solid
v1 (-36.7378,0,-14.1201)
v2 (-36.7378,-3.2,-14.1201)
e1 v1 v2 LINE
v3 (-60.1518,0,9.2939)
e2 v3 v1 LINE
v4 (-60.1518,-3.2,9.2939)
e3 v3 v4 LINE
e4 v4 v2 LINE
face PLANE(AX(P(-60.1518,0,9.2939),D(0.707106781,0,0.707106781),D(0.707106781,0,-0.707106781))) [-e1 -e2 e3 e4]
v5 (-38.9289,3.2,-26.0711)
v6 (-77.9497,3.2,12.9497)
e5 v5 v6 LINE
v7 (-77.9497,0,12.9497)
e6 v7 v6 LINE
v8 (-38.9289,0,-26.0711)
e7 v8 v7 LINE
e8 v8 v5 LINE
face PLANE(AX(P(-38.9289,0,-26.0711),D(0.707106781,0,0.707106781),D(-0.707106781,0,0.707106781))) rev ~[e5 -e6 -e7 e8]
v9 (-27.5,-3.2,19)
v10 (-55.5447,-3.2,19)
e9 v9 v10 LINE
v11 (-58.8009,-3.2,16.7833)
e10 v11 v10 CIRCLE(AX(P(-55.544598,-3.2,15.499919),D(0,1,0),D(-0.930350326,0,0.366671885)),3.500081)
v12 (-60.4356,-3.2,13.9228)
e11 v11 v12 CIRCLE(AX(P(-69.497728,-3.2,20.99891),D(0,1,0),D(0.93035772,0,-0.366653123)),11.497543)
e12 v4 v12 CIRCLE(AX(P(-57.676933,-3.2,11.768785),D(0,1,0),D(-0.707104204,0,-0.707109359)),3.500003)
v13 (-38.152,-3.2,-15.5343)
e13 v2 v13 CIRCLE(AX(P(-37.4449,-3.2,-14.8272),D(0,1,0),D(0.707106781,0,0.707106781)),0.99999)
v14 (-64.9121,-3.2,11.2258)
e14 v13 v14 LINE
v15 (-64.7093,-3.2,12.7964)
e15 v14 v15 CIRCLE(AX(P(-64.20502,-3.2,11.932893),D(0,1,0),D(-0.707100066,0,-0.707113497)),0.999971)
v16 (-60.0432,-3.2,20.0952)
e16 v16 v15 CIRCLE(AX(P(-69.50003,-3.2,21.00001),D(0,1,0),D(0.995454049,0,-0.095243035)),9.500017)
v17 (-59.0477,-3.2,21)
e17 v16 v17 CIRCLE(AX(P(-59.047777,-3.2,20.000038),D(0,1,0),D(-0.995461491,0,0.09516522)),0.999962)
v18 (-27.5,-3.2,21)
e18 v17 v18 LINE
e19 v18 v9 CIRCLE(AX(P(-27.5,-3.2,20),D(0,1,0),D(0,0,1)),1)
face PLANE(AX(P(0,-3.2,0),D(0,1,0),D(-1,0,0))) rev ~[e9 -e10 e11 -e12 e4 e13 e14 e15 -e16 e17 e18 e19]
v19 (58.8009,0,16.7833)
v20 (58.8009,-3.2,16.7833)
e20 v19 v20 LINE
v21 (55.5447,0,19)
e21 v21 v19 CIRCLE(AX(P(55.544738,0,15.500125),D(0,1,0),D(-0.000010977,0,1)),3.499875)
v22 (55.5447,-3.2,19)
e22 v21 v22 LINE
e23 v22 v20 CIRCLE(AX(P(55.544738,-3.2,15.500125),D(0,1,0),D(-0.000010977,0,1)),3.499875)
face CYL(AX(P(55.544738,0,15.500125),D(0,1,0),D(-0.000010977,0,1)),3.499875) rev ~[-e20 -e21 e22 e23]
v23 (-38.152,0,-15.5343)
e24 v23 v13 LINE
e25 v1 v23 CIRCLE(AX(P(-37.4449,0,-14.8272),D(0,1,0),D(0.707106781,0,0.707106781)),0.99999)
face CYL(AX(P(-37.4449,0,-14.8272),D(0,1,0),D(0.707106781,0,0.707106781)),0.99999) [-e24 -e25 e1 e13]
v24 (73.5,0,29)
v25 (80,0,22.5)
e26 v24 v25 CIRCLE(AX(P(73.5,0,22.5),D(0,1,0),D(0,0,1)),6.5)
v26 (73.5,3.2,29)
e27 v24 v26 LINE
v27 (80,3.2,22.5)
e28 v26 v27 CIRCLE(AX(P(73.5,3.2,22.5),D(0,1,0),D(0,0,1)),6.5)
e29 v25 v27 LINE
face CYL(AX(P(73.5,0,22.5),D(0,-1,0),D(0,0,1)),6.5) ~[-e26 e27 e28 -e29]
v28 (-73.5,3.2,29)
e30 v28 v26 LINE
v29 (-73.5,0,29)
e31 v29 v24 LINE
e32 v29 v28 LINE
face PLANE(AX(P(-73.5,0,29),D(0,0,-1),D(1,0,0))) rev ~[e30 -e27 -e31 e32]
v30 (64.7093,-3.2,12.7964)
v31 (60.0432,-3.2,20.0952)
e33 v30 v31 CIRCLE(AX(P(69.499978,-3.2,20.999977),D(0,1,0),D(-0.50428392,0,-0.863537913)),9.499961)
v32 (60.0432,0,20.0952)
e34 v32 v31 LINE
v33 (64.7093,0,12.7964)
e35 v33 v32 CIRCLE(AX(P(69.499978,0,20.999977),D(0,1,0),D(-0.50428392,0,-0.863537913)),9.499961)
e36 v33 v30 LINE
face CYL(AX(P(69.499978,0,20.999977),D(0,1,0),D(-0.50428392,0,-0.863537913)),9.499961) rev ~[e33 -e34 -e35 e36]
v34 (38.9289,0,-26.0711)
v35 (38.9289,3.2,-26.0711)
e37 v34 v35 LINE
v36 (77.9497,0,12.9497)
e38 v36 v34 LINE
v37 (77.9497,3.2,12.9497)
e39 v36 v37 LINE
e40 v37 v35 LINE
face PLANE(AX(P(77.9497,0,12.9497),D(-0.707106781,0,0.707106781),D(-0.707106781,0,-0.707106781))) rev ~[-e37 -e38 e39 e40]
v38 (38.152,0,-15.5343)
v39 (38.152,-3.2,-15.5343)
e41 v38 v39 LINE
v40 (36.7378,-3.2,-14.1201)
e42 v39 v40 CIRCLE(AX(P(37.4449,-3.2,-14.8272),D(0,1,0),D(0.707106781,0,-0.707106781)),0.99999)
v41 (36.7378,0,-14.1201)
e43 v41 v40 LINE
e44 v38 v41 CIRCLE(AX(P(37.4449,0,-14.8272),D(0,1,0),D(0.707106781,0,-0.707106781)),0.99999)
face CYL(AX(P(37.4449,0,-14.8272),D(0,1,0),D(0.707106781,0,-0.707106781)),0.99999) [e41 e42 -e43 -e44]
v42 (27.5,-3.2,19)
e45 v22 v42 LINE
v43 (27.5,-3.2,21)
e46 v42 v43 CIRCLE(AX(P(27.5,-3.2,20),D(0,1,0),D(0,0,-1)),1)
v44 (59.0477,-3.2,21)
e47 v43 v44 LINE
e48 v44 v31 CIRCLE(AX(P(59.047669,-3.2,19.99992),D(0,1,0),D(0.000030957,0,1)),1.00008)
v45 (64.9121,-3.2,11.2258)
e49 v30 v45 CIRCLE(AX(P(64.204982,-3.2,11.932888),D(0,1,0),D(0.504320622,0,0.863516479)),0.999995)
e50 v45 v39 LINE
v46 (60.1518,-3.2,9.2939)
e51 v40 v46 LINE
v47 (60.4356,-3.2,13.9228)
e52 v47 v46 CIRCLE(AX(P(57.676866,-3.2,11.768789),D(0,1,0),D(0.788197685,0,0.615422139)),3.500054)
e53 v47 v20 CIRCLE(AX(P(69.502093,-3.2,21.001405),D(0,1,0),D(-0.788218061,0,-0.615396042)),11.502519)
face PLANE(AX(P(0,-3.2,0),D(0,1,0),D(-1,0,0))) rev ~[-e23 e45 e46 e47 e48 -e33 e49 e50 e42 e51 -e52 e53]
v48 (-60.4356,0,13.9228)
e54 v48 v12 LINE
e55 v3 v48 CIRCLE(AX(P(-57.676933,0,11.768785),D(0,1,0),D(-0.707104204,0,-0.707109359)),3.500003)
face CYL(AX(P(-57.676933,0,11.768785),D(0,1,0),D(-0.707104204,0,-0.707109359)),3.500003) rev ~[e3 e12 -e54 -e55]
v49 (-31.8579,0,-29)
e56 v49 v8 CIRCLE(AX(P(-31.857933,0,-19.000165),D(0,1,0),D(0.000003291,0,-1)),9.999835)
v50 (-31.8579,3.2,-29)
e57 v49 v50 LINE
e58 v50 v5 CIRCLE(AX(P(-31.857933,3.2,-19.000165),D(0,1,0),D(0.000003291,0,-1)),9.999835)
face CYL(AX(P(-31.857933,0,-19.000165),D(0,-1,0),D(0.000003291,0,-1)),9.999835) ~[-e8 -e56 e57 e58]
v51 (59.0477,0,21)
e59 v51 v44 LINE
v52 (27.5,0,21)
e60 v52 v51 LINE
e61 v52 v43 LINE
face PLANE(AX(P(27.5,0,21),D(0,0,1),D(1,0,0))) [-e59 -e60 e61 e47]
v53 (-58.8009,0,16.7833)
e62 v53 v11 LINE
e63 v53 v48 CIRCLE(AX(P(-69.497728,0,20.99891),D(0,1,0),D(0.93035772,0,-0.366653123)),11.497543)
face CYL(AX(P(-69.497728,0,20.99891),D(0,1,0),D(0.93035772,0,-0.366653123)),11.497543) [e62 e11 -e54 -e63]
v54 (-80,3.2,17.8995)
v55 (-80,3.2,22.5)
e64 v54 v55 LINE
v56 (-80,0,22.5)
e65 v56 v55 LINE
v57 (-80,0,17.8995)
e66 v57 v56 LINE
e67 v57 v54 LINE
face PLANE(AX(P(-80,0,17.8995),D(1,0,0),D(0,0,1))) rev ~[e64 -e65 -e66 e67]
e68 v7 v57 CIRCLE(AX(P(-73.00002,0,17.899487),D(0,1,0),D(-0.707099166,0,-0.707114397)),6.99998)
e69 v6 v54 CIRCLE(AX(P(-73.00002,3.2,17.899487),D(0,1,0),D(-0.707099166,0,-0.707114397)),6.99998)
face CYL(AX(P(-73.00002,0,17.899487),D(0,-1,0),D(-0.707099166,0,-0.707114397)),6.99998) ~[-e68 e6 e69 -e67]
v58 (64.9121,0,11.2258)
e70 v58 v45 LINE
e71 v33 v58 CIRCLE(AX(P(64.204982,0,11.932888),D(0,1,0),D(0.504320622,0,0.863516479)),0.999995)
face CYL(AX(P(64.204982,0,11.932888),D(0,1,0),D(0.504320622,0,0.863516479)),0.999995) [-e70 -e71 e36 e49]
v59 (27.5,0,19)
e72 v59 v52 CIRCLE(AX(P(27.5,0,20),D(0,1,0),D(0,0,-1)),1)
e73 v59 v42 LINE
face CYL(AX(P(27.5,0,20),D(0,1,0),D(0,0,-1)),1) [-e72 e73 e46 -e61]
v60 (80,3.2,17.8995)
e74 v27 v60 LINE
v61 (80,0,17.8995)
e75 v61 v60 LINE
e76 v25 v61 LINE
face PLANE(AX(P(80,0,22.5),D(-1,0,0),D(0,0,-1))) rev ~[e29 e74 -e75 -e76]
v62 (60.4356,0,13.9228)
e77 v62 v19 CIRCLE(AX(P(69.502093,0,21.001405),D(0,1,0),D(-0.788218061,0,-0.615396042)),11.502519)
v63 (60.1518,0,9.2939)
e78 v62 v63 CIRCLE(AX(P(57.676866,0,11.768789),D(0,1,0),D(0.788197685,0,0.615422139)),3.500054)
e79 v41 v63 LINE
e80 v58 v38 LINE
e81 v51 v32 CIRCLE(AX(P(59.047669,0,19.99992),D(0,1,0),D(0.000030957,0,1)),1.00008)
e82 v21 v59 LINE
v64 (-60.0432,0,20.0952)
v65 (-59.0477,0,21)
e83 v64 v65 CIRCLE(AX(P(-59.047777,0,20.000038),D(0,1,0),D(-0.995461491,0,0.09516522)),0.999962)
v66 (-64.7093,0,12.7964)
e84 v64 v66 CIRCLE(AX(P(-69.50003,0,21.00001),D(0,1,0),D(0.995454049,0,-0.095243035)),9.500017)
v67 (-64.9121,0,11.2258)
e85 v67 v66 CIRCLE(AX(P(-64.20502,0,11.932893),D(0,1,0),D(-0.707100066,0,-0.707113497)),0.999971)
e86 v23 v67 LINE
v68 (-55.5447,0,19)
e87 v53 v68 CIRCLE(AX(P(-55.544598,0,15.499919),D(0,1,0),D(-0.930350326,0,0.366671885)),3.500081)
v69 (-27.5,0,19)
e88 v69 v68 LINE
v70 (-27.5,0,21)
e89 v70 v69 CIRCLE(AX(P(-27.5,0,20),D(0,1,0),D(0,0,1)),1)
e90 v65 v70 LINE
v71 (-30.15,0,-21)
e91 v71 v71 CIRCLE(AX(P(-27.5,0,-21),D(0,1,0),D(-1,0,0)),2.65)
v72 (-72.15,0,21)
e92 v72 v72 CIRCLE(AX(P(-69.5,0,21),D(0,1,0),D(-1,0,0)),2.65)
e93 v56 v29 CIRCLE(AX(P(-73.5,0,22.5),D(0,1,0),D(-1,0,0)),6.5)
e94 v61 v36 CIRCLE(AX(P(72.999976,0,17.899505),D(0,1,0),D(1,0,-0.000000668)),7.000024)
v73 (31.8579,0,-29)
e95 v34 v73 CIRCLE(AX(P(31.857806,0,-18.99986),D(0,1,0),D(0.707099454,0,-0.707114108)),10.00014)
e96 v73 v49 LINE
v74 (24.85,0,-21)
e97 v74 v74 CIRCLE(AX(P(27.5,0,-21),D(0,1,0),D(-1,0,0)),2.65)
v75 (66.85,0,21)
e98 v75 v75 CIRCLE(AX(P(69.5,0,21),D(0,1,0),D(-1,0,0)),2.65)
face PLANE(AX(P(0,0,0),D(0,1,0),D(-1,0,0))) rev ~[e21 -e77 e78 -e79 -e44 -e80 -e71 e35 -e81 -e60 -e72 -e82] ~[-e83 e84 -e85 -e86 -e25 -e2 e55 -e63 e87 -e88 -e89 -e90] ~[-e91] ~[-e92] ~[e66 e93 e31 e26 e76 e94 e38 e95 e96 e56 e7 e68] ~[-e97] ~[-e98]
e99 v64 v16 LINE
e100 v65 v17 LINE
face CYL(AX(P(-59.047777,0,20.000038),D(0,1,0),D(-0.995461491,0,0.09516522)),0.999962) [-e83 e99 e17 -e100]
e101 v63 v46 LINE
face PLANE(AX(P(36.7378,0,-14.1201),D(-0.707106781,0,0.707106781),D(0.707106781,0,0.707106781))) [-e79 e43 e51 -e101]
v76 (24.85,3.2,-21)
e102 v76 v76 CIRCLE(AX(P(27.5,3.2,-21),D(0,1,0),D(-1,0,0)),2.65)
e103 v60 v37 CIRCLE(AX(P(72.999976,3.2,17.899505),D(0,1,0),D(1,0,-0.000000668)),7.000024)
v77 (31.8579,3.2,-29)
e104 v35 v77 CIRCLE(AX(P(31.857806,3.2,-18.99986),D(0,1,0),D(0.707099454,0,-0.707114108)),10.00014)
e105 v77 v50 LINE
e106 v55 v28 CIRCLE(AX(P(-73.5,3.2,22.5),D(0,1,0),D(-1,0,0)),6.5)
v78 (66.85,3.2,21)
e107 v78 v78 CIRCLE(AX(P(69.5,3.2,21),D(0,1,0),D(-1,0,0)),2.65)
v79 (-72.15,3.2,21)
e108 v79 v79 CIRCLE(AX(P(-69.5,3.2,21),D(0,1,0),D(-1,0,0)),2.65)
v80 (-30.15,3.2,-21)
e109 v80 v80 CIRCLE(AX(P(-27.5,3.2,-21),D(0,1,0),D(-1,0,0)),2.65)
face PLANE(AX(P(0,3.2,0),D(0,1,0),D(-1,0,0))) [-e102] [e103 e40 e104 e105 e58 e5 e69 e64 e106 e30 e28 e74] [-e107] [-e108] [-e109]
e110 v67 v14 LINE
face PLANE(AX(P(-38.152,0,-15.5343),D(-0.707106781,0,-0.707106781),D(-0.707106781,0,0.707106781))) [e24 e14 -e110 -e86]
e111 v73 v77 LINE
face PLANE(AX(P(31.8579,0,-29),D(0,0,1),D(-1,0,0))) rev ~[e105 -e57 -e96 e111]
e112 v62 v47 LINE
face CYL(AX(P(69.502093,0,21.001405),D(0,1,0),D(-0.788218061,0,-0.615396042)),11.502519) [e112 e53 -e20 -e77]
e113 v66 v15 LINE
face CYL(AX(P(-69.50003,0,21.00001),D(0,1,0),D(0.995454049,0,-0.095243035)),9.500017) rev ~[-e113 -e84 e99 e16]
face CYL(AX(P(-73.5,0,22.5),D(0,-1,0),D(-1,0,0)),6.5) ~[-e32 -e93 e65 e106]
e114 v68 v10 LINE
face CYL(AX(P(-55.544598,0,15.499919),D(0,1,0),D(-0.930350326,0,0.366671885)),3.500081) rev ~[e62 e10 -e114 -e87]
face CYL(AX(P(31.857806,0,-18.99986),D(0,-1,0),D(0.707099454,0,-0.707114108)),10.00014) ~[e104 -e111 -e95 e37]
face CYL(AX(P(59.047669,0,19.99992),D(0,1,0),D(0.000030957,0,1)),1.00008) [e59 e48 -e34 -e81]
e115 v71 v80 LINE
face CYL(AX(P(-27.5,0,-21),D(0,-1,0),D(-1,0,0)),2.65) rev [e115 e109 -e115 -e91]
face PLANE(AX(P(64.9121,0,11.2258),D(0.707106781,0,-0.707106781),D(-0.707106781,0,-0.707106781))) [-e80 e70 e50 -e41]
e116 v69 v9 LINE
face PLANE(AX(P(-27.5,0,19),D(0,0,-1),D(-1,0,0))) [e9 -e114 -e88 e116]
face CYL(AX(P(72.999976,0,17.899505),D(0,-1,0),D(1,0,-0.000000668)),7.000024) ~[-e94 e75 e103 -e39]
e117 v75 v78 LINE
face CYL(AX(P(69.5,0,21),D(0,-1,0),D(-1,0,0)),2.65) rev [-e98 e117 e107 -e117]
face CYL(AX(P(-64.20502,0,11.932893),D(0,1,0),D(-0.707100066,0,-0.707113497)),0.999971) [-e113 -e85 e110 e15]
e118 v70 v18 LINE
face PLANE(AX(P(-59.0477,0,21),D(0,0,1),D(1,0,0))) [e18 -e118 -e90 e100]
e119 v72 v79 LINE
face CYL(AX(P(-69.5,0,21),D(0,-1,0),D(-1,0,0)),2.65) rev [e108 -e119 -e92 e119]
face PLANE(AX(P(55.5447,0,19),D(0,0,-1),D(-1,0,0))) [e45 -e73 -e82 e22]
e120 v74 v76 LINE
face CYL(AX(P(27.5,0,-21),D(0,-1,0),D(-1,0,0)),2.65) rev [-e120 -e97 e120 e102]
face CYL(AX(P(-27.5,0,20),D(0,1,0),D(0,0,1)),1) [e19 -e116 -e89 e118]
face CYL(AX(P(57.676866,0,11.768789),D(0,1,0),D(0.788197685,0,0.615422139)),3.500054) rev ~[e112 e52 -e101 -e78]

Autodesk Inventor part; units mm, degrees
sketch "Sketch_1" plane through (0, 0, 0) normal (0, 1, 0) x (-1, 0, 0)
  arc A0 (80, 22.5) -> (73.5, 29) centre (73.5, 22.5) ccw
  line L0 (73.5, 29) -> (-73.5, 29)
  arc A1 (-73.5, 29) -> (-80, 22.5) centre (-73.5, 22.5) ccw
  line L1 (-80, 22.5) -> (-80, 17.8995)
  arc A2 (-80, 17.8995) -> (-77.9497, 12.9497) centre (-73, 17.8995) ccw
  line L2 (-77.9497, 12.9497) -> (-38.9289, -26.0711)
  arc A3 (-38.9289, -26.0711) -> (-31.8579, -29) centre (-31.8579, -19) ccw
  line L3 (-31.8579, -29) -> (31.8579, -29)
  arc A4 (31.8579, -29) -> (38.9289, -26.0711) centre (31.8579, -19) ccw
  line L4 (38.9289, -26.0711) -> (77.9497, 12.9497)
  arc A5 (77.9497, 12.9497) -> (80, 17.8995) centre (73, 17.8995) ccw
  line L5 (80, 17.8995) -> (80, 22.5)
  circle A6 centre (-69.5, 21) radius 2.65
  circle A7 centre (-27.5, -21) radius 2.65
  circle A8 centre (27.5, -21) radius 2.65
  circle A9 centre (69.5, 21) radius 2.65
extrude "Extrusion1" add sketch "Sketch_1" along normal blind 3.2
sketch "Sketch_2" plane through (0, 0, 0) normal (0, 1, 0) x (-1, 0, 0)
  arc A0 (64.9121, 11.2258) -> (64.7093, 12.7964) centre (64.205, 11.9329) ccw
  arc A1 (60.0432, 20.0952) -> (64.7093, 12.7964) centre (69.5, 21) ccw
  arc A2 (60.0432, 20.0952) -> (59.0477, 21) centre (59.0477, 20) ccw
  line L0 (59.0477, 21) -> (27.5, 21)
  arc A3 (27.5, 21) -> (27.5, 19) centre (27.5, 20) ccw
  line L1 (27.5, 19) -> (55.5447, 19)
  arc A4 (58.8009, 16.7833) -> (55.5447, 19) centre (55.5447, 15.5) ccw
  arc A5 (58.8009, 16.7833) -> (60.4356, 13.9228) centre (69.5, 21) ccw
  arc A6 (60.1518, 9.2939) -> (60.4356, 13.9228) centre (57.6769, 11.7688) ccw
  line L2 (60.1518, 9.2939) -> (36.7378, -14.1201)
  arc A7 (36.7378, -14.1201) -> (38.152, -15.5343) centre (37.4449, -14.8272) ccw
  line L3 (38.152, -15.5343) -> (64.9121, 11.2258)
extrude "Extrusion2" add sketch "Sketch_2" against normal blind 3.2
sketch "Sketch_3" plane through (0, 0, 0) normal (0, 1, 0) x (-1, 0, 0)
  arc A0 (-27.5, 19) -> (-27.5, 21) centre (-27.5, 20) ccw
  line L0 (-27.5, 21) -> (-59.0477, 21)
  arc A1 (-59.0477, 21) -> (-60.0432, 20.0952) centre (-59.0477, 20) ccw
  arc A2 (-64.7093, 12.7964) -> (-60.0432, 20.0952) centre (-69.5, 21) ccw
  arc A3 (-64.7093, 12.7964) -> (-64.9121, 11.2258) centre (-64.205, 11.9329) ccw
  line L1 (-64.9121, 11.2258) -> (-38.152, -15.5343)
  arc A4 (-38.152, -15.5343) -> (-36.7378, -14.1201) centre (-37.4449, -14.8272) ccw
  line L2 (-36.7378, -14.1201) -> (-60.1518, 9.2939)
  arc A5 (-60.4356, 13.9228) -> (-60.1518, 9.2939) centre (-57.6769, 11.7688) ccw
  arc A6 (-60.4356, 13.9228) -> (-58.8009, 16.7833) centre (-69.5, 21) ccw
  arc A7 (-55.5447, 19) -> (-58.8009, 16.7833) centre (-55.5447, 15.5) ccw
  line L3 (-55.5447, 19) -> (-27.5, 19)
extrude "Extrusion3" add sketch "Sketch_3" against normal blind 3.2
ref_plane "swivel_to_body_XY" through (0, -3.2, 0) normal (0, 1, 0) x (1, 0, 0)
ref_plane "swivel_to_body_YZ" through (0, -3.2, 0) normal (1, 0, 0) x (0, 0, -1)
ref_plane "swivel_to_body_ZX" through (0, -3.2, 0) normal (0, 0, -1) x (0, 1, 0)
ref_plane "swivel_to_dummy_XY" through (0, 3.2, 0) normal (0, -1, 0) x (1, 0, 0)
ref_plane "swivel_to_dummy_YZ" through (0, 3.2, 0) normal (1, 0, 0) x (0, 0, 1)
ref_plane "swivel_to_dummy_ZX" through (0, 3.2, 0) normal (0, 0, 1) x (0, -1, 0)
properties part number "SWIVEL-HSMCS50"
